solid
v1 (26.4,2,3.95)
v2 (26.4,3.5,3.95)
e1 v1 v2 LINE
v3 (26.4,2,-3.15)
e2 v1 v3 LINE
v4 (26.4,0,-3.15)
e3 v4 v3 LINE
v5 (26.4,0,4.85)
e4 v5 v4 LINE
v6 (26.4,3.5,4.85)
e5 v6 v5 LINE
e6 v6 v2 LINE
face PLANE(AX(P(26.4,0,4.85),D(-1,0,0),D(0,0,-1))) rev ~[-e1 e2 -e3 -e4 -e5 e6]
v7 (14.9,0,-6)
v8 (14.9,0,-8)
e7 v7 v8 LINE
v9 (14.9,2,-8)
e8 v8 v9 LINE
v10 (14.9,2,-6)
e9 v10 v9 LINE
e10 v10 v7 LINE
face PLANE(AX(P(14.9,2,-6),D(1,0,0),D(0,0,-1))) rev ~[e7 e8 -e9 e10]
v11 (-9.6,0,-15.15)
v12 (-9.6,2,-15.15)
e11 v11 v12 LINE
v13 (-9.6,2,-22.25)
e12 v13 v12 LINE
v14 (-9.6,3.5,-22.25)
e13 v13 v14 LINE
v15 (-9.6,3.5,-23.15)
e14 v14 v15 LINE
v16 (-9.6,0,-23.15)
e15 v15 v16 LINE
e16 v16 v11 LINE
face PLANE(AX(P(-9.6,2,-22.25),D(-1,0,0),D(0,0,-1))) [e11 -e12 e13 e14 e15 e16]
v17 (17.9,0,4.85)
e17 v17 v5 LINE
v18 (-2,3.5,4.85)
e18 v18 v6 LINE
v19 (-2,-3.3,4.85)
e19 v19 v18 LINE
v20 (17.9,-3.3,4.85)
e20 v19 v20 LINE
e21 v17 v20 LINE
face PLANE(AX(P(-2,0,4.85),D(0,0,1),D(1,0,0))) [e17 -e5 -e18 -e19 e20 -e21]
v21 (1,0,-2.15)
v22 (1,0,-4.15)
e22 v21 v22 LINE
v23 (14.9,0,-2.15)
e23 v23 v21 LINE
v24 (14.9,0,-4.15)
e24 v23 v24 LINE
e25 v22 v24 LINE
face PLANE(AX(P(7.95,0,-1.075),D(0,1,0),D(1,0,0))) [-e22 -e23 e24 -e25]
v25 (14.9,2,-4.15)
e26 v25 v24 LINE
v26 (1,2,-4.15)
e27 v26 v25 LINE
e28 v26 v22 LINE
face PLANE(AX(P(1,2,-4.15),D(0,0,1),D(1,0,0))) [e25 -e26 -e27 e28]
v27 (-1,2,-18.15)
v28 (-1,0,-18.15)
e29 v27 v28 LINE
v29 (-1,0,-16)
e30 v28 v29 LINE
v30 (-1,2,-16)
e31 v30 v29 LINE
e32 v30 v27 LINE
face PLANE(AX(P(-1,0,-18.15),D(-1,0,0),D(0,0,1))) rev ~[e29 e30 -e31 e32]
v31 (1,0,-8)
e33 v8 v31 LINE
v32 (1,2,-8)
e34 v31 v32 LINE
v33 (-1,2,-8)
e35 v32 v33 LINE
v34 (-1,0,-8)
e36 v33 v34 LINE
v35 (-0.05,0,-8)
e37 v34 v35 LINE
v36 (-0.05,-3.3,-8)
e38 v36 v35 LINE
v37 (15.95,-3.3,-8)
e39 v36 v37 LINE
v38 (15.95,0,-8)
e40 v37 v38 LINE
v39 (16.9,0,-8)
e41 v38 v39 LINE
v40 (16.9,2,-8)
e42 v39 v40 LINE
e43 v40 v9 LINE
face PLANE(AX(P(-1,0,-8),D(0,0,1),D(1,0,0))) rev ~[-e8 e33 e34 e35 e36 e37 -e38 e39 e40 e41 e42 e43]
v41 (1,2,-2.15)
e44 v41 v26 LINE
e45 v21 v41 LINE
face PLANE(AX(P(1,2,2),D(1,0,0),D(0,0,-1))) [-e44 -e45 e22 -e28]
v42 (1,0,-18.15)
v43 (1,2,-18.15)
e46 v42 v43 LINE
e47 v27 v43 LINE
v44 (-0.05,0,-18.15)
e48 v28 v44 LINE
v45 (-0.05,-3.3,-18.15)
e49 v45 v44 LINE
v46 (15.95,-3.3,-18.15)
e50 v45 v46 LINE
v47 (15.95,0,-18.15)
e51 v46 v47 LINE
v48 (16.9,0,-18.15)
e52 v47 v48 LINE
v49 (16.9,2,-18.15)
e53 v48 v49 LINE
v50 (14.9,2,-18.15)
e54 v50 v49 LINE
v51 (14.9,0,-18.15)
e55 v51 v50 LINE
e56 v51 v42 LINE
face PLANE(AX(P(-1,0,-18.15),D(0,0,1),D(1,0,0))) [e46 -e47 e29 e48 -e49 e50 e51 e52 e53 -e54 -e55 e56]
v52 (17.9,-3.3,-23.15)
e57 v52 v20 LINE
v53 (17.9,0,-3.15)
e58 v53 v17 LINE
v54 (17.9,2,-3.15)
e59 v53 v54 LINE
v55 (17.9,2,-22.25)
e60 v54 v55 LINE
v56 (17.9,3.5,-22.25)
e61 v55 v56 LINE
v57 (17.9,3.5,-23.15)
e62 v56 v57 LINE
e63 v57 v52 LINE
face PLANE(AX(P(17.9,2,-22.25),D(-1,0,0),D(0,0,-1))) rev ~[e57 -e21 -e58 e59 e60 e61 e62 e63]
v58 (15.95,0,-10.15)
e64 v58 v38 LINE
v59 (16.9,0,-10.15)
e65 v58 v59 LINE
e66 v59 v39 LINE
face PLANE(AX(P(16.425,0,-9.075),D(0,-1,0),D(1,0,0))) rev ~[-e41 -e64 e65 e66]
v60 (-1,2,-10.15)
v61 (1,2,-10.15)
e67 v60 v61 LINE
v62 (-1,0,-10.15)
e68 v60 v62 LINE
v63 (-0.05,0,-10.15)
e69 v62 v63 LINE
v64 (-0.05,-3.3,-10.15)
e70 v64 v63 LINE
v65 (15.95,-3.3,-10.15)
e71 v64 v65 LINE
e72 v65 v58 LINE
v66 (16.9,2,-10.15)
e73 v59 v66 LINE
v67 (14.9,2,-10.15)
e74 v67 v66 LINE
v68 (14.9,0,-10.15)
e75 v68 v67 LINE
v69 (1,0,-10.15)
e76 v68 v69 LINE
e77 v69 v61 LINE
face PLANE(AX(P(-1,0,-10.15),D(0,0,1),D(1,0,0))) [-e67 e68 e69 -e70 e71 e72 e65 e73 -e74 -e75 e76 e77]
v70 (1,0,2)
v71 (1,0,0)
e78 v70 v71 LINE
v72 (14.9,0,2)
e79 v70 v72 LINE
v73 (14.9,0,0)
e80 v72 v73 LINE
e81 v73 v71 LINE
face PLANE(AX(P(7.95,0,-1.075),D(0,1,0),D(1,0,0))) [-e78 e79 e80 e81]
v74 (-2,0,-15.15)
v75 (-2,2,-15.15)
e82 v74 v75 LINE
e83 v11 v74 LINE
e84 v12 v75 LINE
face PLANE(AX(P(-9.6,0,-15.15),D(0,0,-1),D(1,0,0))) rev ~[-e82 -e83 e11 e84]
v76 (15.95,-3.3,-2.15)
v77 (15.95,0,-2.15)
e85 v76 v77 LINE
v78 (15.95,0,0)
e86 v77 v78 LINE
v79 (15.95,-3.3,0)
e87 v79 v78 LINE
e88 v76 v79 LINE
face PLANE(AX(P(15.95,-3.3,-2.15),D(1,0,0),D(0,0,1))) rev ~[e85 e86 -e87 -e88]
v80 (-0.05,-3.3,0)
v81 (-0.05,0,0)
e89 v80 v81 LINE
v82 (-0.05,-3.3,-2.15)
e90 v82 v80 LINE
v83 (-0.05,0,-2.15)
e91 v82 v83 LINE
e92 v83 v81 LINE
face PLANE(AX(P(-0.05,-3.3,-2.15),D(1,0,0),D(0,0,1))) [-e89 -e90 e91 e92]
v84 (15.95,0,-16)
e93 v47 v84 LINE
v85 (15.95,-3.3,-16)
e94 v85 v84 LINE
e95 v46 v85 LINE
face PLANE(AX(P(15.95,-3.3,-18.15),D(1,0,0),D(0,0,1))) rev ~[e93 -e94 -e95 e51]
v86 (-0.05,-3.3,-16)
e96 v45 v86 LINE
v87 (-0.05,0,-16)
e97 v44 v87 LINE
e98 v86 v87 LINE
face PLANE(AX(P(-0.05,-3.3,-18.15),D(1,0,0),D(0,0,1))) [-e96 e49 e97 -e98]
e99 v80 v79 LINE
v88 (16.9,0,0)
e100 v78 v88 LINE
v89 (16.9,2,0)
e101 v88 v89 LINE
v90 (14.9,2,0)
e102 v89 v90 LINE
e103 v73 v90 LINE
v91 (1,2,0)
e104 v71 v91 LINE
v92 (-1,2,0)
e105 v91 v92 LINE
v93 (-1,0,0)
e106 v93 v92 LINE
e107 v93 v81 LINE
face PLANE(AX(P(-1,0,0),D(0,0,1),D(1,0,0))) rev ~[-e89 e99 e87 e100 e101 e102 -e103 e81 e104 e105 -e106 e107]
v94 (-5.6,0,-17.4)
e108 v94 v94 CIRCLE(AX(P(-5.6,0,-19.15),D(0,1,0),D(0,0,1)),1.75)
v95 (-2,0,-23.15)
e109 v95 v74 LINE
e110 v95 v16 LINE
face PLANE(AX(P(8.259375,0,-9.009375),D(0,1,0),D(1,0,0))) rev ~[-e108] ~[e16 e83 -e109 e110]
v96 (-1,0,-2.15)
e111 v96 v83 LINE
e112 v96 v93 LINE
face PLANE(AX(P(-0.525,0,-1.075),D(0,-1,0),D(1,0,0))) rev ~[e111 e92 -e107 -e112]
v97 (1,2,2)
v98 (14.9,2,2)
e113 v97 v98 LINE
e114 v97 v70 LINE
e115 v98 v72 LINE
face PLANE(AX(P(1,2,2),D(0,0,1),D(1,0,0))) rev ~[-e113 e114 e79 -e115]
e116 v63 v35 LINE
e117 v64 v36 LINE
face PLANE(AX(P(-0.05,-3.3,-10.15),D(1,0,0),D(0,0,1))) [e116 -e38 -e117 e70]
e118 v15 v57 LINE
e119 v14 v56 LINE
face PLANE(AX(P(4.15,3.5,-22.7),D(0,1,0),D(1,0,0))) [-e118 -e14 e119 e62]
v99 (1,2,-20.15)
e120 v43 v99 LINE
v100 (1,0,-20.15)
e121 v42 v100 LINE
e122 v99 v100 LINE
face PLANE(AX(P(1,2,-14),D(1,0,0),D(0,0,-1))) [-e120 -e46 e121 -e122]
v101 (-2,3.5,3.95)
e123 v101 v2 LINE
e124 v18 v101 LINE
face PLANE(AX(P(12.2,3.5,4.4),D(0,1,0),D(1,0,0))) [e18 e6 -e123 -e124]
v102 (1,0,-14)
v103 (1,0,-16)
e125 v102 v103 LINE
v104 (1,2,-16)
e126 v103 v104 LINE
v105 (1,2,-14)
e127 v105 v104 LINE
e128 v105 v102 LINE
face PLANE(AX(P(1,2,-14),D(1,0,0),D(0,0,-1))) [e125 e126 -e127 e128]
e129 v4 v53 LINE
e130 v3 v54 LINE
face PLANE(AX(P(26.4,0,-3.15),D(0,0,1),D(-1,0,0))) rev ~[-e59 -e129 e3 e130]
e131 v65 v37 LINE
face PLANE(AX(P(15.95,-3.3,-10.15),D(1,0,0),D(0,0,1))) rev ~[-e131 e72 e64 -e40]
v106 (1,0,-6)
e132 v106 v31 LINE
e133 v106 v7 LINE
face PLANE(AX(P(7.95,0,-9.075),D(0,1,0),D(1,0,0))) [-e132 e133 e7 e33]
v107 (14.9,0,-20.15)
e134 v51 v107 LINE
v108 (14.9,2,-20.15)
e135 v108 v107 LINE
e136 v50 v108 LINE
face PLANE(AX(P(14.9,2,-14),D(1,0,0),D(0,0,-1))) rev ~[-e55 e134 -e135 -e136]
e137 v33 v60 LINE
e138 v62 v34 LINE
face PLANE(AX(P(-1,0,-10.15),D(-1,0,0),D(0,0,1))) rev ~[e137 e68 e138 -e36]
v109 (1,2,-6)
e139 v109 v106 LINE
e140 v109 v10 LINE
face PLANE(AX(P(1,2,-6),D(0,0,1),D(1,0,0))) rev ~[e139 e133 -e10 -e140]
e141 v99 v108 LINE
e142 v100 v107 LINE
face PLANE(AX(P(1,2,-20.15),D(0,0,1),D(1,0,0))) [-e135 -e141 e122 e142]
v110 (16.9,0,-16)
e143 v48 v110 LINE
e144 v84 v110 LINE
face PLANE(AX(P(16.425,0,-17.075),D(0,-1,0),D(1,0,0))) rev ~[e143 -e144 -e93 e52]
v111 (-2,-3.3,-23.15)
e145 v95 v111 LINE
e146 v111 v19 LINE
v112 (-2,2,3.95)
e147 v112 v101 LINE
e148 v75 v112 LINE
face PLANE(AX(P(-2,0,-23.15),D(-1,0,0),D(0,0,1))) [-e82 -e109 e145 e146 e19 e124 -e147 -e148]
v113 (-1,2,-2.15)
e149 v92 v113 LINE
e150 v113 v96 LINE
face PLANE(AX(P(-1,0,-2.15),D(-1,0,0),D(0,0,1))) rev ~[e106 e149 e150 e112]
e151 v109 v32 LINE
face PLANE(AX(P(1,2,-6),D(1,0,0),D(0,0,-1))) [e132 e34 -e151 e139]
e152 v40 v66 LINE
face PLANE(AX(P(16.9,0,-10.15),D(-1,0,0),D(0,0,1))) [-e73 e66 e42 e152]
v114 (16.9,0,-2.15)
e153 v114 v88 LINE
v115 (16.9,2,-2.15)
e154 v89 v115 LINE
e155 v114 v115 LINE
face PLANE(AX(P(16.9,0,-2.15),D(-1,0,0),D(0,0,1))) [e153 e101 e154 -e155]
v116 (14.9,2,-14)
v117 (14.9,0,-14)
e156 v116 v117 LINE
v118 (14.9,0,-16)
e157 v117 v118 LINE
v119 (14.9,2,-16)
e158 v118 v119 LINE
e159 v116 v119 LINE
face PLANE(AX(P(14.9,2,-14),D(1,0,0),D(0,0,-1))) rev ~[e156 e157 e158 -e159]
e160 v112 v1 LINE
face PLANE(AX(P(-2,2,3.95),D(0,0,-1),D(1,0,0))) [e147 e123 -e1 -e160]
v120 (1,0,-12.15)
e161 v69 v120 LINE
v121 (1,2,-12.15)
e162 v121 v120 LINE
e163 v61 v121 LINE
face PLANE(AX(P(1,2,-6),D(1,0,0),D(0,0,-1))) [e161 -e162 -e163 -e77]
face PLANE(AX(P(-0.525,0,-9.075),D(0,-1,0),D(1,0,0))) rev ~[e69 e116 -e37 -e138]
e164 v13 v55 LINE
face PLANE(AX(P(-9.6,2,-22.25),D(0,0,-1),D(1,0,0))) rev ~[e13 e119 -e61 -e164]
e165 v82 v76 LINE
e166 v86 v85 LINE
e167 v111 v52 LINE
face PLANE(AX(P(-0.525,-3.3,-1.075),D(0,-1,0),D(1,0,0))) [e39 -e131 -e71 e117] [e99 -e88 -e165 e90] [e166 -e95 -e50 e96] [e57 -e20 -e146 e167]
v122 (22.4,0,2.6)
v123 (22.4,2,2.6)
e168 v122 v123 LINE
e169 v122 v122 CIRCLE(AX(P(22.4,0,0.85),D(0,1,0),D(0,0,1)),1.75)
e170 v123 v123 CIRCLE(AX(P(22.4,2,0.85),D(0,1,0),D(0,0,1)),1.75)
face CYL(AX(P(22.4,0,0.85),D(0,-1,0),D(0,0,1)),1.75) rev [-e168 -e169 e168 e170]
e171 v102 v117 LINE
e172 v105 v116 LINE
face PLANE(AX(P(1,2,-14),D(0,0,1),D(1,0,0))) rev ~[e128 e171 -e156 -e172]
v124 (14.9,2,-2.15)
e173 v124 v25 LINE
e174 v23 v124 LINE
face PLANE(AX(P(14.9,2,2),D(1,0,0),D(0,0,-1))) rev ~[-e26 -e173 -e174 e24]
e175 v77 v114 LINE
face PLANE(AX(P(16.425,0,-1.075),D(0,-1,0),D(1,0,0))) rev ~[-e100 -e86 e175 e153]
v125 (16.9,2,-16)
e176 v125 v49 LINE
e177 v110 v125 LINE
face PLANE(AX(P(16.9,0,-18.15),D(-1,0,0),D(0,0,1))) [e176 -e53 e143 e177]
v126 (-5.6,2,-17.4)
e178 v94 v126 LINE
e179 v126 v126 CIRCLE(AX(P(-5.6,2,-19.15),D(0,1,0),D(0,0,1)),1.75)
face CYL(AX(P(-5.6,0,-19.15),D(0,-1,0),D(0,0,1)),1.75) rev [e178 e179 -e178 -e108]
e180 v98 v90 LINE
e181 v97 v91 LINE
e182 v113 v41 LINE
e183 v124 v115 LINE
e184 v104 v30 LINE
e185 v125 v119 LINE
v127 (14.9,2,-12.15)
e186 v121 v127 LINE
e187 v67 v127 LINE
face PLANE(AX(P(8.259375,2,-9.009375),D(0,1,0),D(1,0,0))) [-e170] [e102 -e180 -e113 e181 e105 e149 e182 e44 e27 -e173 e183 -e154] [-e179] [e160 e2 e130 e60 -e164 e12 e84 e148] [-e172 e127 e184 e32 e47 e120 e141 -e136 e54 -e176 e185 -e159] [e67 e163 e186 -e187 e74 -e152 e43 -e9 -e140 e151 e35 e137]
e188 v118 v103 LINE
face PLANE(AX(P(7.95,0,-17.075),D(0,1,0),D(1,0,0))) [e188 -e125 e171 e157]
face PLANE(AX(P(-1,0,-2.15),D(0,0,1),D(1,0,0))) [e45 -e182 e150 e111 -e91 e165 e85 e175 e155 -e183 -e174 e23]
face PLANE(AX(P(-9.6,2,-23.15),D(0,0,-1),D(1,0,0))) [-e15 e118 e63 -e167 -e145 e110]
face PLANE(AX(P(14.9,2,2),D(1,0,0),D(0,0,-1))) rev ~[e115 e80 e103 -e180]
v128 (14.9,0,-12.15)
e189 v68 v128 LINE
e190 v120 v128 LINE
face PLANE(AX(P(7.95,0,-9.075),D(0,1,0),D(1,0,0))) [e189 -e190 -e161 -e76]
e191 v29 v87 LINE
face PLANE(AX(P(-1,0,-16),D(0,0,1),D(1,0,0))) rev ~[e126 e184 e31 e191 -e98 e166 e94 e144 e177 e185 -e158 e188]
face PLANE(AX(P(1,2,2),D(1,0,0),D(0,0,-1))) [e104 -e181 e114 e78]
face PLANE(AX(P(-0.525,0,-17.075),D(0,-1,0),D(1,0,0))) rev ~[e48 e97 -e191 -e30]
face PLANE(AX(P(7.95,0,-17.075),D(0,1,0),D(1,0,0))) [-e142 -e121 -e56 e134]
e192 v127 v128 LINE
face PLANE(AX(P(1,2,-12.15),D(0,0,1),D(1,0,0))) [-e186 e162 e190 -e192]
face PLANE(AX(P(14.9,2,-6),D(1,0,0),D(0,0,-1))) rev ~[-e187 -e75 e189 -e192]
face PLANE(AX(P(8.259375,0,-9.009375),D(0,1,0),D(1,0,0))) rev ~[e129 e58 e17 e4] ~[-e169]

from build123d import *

# Parameters (mm, degrees)
SKETCH1_W                       = 15.9
SKETCH1_H                       = 2.15
SKETCH1_R                       = 1.75
MAIN_BODY_DEPTH                 = 2
SKETCH3_W                       = 17.9
SKETCH3_H                       = 2.15
LIGHT_PIPE_SLOT_CUT_DEPTH       = 2
SKETCH4_W                       = 19.9
SKETCH4_H                       = 28
SKETCH4_W_2                     = 17.9
SKETCH4_H_2                     = 2.15
MAIN_BODY_EXTENSION_DEPTH       = 3.3
SKETCH6_W                       = 27.5
SKETCH6_H                       = 0.9
PCB_EDGE_LIP_ONE_SIDE_DEPTH     = 1.5
SKETCH6_3_W                     = 27.5
SKETCH6_3_H                     = 0.9
SKETCH6_3_W_2                   = 28.4
PCB_EDGE_LIP_ANOTHER_SIDE_DEPTH = 1.5
SKETCH8_W                       = 13.9
SKETCH8_H                       = 6.15
SMD_UNDERSIDE_RECESS_DEPTH      = 2
SKETCH9_W                       = 0.95
SKETCH9_H                       = 2.15
LIGHT_PIPE_STOP_DEPTH           = 3.3


with BuildPart() as part:
    # Sketch1 → Main body (new body)
    with BuildSketch(Plane(origin=(0, 0, 0), x_dir=(1, 0, 0), z_dir=(0, 1, 0))):
        Polygon((-9.6, 15.15), (-2, 15.15), (-2, -4.85), (26.4, -4.85), (26.4, 3.15), (17.9, 3.15), (17.9, 23.15), (-9.6, 23.15), align=None)
        with Locations((7.95, 1.075)):
            Rectangle(SKETCH1_W, SKETCH1_H, mode=Mode.SUBTRACT)
        with Locations((7.95, 9.075)):
            Rectangle(SKETCH1_W, SKETCH1_H, mode=Mode.SUBTRACT)
        with Locations((22.4, -0.85)):
            Circle(SKETCH1_R, mode=Mode.SUBTRACT)
        with Locations((-5.6, 19.15)):
            Circle(SKETCH1_R, mode=Mode.SUBTRACT)
        with Locations((7.95, 17.075)):
            Rectangle(SKETCH1_W, SKETCH1_H, mode=Mode.SUBTRACT)
    extrude(amount=MAIN_BODY_DEPTH)

    # Sketch3 → Light pipe slot cut (cut)
    with BuildSketch(Plane(origin=(0, 2, 0), x_dir=(1, 0, 0), z_dir=(0, 1, 0))):
        with Locations((7.95, 17.075)):
            Rectangle(SKETCH3_W, SKETCH3_H)
        with Locations((7.95, 9.075)):
            Rectangle(SKETCH3_W, SKETCH3_H)
        with Locations((7.95, 1.075)):
            Rectangle(SKETCH3_W, SKETCH3_H)
    extrude(amount=-LIGHT_PIPE_SLOT_CUT_DEPTH, mode=Mode.SUBTRACT)

    # Sketch4 → Main body extension (add)
    with BuildSketch(Plane.XZ):
        with Locations((7.95, -9.15)):
            Rectangle(SKETCH4_W, SKETCH4_H)
        with Locations((7.95, -17.075)):
            Rectangle(SKETCH4_W_2, SKETCH4_H_2, mode=Mode.SUBTRACT)
        with Locations((7.95, -9.075)):
            Rectangle(SKETCH4_W_2, SKETCH4_H_2, mode=Mode.SUBTRACT)
        with Locations((7.95, -1.075)):
            Rectangle(SKETCH4_W_2, SKETCH4_H_2, mode=Mode.SUBTRACT)
    extrude(amount=MAIN_BODY_EXTENSION_DEPTH)

    # Sketch6 → PCB edge lip one side (add)
    with BuildSketch(Plane(origin=(0, 2, 0), x_dir=(1, 0, 0), z_dir=(0, 1, 0))):
        with Locations((4.15, 22.7)):
            Rectangle(SKETCH6_W, SKETCH6_H)
    extrude(amount=PCB_EDGE_LIP_ONE_SIDE_DEPTH)

    # Sketch6<3> → PCB edge lip another side (add)
    with BuildSketch(Plane(origin=(0, 2, 0), x_dir=(1, 0, 0), z_dir=(0, 1, 0))):
        with Locations((4.15, 22.7)):
            Rectangle(SKETCH6_3_W, SKETCH6_3_H)
        with Locations((12.2, -4.4)):
            Rectangle(SKETCH6_3_W_2, SKETCH6_3_H)
    extrude(amount=PCB_EDGE_LIP_ANOTHER_SIDE_DEPTH)

    # Sketch8 → SMD underside recess (cut)
    with BuildSketch(Plane(origin=(0, 2, 0), x_dir=(1, 0, 0), z_dir=(0, 1, 0))):
        with Locations((7.95, 17.075)):
            Rectangle(SKETCH8_W, SKETCH8_H)
        with Locations((7.95, 1.075)):
            Rectangle(SKETCH8_W, SKETCH8_H)
        with Locations((7.95, 9.075)):
            Rectangle(SKETCH8_W, SKETCH8_H)
    extrude(amount=-SMD_UNDERSIDE_RECESS_DEPTH, mode=Mode.SUBTRACT)

    # Sketch9 → Light pipe stop (add)
    with BuildSketch(Plane.XZ.offset(3.3)):
        with Locations((-0.525, -1.075)):
            Rectangle(SKETCH9_W, SKETCH9_H)
        with Locations((-0.525, -17.075)):
            Rectangle(SKETCH9_W, SKETCH9_H)
        with Locations((16.425, -1.075)):
            Rectangle(SKETCH9_W, SKETCH9_H)
        with Locations((16.425, -17.075)):
            Rectangle(SKETCH9_W, SKETCH9_H)
        with Locations((-0.525, -9.075)):
            Rectangle(SKETCH9_W, SKETCH9_H)
        with Locations((16.425, -9.075)):
            Rectangle(SKETCH9_W, SKETCH9_H)
    extrude(amount=-LIGHT_PIPE_STOP_DEPTH)


solid = part.part
